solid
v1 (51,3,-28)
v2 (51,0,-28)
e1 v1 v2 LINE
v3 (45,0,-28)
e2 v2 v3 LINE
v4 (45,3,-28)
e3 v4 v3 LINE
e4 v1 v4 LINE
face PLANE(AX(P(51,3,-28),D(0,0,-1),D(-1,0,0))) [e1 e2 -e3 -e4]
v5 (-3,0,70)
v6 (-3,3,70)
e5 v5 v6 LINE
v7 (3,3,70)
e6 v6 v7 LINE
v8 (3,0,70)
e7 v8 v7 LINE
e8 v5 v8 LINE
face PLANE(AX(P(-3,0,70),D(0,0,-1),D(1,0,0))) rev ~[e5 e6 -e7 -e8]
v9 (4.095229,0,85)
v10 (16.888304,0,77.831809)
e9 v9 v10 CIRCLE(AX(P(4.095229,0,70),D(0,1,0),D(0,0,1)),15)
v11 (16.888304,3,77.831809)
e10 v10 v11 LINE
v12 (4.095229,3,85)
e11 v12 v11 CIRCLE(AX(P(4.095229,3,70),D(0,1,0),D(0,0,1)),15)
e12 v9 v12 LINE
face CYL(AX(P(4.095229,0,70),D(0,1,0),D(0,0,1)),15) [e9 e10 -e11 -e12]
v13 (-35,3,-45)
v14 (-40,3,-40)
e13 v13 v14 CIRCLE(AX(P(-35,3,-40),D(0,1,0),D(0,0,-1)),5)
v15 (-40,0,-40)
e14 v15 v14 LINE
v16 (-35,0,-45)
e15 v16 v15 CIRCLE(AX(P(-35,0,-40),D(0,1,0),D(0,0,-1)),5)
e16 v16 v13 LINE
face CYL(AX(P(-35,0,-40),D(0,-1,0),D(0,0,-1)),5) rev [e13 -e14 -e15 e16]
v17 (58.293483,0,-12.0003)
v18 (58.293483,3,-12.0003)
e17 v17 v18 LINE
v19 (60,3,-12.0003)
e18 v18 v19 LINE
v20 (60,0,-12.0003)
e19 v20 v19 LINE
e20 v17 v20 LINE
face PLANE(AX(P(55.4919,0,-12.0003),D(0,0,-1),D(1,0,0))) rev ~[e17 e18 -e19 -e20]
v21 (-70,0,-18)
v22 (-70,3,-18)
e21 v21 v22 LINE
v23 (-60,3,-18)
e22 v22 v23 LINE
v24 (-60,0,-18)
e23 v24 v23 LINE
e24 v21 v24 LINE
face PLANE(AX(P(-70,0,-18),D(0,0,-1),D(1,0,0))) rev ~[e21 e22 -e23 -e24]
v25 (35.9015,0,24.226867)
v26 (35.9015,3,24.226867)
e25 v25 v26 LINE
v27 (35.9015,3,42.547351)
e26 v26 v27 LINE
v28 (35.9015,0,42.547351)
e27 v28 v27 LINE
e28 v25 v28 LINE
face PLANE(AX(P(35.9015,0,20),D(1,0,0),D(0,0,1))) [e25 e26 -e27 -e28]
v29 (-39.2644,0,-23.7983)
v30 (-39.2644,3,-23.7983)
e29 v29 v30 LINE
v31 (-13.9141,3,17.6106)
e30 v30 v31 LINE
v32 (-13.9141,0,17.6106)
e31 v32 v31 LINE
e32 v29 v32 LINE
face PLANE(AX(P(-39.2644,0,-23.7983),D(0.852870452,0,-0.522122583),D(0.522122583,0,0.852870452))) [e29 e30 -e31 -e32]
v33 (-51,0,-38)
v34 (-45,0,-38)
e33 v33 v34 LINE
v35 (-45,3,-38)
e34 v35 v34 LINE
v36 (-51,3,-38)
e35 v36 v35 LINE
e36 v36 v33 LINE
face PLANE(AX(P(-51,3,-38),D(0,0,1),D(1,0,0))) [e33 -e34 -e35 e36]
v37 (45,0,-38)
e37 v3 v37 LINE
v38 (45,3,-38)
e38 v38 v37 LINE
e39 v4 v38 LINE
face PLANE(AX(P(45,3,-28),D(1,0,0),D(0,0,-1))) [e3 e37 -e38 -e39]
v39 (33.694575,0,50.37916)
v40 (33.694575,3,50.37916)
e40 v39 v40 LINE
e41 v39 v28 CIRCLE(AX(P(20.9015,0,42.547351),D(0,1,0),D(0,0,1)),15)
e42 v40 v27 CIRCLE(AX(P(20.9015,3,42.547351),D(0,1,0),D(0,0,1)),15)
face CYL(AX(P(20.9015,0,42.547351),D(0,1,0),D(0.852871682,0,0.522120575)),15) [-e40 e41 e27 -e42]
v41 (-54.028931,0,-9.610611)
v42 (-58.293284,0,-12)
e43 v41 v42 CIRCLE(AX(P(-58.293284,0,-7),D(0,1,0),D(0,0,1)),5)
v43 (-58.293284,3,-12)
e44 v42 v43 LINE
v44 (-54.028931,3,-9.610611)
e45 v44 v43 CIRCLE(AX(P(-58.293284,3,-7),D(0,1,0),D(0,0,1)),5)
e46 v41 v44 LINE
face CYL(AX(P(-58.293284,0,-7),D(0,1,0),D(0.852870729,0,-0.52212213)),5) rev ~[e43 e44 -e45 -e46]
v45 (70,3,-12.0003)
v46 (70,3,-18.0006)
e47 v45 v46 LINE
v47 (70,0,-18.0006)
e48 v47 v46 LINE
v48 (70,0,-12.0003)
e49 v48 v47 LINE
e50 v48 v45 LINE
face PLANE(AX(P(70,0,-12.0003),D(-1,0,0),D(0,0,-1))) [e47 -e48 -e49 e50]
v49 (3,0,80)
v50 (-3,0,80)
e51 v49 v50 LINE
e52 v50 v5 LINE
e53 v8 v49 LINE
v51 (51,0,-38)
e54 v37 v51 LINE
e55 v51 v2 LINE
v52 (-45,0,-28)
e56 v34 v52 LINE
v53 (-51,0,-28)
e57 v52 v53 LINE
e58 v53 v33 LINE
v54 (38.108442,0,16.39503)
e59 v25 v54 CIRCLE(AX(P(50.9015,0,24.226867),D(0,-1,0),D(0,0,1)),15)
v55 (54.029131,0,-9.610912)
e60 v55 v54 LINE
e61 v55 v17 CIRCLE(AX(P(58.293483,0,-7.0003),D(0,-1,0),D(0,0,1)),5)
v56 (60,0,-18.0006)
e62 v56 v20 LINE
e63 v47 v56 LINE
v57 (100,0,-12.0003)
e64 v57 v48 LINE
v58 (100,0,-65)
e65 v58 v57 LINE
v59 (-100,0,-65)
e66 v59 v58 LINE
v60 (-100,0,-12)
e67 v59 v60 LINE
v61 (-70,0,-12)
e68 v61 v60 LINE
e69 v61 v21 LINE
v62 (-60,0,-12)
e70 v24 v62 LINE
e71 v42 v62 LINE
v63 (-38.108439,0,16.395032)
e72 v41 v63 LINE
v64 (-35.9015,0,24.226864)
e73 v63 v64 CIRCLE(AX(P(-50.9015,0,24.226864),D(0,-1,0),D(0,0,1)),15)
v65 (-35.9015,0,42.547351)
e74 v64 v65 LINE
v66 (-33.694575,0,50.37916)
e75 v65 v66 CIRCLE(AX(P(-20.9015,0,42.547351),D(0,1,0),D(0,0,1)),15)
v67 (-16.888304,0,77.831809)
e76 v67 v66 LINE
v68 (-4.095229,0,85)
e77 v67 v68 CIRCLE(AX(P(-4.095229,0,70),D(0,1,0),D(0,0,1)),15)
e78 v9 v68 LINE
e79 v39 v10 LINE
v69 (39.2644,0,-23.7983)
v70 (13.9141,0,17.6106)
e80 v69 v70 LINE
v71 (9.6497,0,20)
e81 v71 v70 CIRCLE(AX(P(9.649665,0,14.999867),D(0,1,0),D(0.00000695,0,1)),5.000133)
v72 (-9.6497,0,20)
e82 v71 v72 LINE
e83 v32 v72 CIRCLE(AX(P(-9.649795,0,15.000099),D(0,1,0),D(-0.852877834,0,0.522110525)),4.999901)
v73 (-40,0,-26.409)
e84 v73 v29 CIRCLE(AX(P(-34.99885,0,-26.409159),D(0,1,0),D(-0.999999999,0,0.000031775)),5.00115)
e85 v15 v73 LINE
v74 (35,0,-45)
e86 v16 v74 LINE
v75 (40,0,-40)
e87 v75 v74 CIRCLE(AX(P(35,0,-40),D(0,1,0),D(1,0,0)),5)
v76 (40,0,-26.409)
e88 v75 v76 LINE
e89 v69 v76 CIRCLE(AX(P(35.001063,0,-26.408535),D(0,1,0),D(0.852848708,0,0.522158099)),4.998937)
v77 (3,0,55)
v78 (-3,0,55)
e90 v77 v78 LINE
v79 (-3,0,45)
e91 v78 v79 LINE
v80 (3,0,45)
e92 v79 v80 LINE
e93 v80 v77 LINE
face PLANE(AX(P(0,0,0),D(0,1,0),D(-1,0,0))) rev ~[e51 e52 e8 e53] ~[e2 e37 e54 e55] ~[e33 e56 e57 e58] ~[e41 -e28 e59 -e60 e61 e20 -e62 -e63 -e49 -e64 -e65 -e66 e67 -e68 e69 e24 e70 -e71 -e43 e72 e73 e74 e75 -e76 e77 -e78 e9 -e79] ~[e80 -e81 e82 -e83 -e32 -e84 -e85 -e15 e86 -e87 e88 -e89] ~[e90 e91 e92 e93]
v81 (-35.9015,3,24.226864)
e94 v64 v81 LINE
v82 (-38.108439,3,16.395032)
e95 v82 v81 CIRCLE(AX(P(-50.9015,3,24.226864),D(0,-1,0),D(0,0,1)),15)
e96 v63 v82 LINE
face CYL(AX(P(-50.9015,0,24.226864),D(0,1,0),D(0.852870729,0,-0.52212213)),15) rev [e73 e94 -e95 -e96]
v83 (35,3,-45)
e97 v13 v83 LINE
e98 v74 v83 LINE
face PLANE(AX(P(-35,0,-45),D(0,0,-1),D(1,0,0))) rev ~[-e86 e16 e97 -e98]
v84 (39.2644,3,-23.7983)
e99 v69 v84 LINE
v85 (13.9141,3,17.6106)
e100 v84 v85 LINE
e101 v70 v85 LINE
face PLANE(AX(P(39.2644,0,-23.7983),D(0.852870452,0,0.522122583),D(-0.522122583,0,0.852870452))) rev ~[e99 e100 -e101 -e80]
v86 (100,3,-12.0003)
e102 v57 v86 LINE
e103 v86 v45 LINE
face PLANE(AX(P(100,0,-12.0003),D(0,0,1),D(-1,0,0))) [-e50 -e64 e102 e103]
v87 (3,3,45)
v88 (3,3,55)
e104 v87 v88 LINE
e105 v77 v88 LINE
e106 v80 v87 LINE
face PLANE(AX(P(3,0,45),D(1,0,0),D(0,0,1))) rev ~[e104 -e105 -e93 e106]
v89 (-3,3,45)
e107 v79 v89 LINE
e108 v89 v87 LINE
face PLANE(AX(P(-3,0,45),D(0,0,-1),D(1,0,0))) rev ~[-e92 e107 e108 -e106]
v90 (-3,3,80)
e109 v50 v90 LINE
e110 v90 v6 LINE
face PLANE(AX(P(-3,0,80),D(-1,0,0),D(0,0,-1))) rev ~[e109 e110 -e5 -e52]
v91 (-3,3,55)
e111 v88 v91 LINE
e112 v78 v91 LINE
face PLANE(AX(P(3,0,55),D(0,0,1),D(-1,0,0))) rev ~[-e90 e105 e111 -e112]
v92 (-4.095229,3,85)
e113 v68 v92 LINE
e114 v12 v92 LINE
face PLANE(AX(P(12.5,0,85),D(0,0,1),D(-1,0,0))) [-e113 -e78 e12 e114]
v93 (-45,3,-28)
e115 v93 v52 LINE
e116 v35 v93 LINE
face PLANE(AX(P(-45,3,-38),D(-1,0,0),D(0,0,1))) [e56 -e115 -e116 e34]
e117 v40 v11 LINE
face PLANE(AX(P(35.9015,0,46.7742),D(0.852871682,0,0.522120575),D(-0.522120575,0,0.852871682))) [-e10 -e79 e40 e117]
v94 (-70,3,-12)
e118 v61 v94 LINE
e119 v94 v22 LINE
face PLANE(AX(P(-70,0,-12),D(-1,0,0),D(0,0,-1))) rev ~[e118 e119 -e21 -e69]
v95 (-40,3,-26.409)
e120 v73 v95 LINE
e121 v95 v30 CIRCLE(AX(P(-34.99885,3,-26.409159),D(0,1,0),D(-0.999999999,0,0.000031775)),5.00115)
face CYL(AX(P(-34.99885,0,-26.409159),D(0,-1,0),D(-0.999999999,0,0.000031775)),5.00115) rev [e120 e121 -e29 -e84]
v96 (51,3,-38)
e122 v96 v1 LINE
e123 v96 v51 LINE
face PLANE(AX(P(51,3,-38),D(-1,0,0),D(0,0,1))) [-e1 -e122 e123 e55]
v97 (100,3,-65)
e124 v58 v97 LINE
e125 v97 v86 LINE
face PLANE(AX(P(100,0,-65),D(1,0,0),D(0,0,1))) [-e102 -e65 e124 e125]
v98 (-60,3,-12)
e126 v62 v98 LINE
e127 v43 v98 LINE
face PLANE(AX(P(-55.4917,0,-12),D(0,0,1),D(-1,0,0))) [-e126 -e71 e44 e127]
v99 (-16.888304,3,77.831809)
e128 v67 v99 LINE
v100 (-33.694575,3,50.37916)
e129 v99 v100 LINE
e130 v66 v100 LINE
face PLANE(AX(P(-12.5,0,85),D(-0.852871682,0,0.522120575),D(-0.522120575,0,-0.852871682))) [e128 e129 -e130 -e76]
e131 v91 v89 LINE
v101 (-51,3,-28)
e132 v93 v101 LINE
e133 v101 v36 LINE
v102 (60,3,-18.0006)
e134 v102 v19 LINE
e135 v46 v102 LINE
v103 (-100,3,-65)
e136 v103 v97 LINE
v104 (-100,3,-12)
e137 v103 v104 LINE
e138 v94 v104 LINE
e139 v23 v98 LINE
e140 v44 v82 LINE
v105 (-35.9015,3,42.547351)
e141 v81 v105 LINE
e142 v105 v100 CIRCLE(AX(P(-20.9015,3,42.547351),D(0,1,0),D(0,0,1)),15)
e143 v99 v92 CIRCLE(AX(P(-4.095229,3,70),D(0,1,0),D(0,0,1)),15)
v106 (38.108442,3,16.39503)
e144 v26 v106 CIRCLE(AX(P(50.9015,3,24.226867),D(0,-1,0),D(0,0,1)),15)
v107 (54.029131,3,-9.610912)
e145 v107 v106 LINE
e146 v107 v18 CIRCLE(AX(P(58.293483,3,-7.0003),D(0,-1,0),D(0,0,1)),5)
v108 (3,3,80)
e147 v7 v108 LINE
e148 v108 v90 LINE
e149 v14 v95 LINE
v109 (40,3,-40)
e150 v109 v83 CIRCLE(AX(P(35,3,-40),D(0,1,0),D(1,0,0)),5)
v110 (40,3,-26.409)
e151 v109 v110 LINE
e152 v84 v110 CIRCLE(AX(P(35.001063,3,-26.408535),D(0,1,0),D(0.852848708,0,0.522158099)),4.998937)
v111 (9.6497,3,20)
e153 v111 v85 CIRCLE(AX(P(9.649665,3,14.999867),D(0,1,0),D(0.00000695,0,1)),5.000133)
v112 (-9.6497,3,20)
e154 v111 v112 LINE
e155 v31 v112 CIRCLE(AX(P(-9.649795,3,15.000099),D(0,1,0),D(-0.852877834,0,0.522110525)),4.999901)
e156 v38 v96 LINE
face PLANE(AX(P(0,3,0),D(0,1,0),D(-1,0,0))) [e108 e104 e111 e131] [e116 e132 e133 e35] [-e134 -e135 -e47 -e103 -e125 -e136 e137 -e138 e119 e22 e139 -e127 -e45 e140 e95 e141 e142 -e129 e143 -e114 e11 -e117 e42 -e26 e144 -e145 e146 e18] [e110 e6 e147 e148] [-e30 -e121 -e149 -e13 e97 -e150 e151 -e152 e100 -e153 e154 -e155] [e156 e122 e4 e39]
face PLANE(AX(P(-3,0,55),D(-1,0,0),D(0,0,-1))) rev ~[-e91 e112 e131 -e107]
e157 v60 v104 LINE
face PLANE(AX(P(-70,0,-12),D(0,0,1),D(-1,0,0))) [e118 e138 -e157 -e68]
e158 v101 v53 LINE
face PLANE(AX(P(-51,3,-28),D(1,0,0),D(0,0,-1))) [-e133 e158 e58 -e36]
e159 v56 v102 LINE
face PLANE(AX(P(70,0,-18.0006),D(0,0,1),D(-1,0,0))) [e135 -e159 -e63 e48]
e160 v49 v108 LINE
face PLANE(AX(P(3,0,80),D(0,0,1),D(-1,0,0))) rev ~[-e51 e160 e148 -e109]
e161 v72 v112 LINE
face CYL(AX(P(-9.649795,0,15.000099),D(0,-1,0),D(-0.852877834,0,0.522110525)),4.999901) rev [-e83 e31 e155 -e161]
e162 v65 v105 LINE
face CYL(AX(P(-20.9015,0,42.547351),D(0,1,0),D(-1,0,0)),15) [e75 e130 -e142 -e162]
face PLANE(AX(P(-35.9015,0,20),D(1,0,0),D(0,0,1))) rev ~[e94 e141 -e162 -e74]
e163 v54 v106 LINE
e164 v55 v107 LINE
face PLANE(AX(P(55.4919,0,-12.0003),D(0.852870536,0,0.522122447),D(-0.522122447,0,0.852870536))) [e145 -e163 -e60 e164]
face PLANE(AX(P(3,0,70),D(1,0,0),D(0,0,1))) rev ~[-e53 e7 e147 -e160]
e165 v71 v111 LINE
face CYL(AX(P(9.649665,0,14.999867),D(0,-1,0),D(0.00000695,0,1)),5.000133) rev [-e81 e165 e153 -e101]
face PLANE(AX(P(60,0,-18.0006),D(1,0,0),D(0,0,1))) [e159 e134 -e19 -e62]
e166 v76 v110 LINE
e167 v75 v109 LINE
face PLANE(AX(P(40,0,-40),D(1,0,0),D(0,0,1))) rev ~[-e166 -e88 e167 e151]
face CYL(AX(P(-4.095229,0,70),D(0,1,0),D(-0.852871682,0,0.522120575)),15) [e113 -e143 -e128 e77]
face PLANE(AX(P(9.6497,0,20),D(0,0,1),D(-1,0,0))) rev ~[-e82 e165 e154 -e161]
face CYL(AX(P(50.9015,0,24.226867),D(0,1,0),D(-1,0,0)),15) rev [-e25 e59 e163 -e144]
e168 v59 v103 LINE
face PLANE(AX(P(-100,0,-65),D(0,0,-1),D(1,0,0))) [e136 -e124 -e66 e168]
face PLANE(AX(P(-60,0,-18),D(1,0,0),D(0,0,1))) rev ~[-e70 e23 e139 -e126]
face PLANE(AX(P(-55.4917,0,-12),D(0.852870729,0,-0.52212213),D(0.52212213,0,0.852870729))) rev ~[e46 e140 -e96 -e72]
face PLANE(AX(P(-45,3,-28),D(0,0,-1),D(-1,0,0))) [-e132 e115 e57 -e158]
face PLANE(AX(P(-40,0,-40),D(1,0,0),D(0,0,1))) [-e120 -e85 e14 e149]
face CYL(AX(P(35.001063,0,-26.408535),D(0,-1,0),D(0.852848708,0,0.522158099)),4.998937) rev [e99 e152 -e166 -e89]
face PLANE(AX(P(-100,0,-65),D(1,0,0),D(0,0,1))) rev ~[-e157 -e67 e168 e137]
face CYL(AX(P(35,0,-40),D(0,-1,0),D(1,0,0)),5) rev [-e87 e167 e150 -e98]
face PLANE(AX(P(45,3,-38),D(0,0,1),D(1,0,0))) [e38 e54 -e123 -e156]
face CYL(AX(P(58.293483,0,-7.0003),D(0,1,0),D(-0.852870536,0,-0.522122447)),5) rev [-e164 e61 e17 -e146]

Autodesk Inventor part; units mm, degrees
ref_plane "YZ Plane" through (0, 0, 0) normal (1, 0, 0) x (0, 1, 0)
ref_plane "XZ Plane" through (0, 0, 0) normal (0, 1, 0) x (-1, 0, 0)
ref_plane "XY Plane" through (0, 0, 0) normal (0, 0, 1) x (1, 0, 0)
sketch "Sketch2" plane through (0, 0, 0) normal (0, 1, 0) x (-1, 0, 0)
  line L0 (70, -18) -> (60, -18)
  line L1 (60, -18) -> (60, -12)
  line L2 (70, -12) -> (70, -18)
  line L3 (-70, -18.0006) -> (-60, -18.0006)
  line L4 (-60, -18.0006) -> (-60, -12.0003)
  line L5 (-70, -12.0003) -> (-70, -18.0006)
  line L6 (3, 70) -> (-3, 70)
  line L7 (-3, 70) -> (-3, 80)
  line L8 (-3, 80) -> (3, 80)
  line L9 (3, 80) -> (3, 70)
  line L10 (3, 45) -> (-3, 45)
  line L11 (-3, 45) -> (-3, 55)
  line L12 (-3, 55) -> (3, 55)
  line L13 (3, 55) -> (3, 45)
  line L14 (100, -65) -> (-100, -65)
  line L15 (-12.5, 85) -> (12.5, 85)
  line L16 (12.5, 85) -> (35.9015, 46.7742)
  line L17 (-100, -12.0003) -> (-70, -12.0003)
  line L18 (-55.4919, -12.0003) -> (-60, -12.0003)
  line L19 (55.4917, -12) -> (60, -12)
  line L20 (70, -12) -> (100, -12)
  line L21 (-100, -65) -> (-100, -12.0003)
  line L22 (100, -65) -> (100, -12)
  line L23 (35, -45) -> (-35, -45)
  line L24 (-40, -40) -> (-40, -26.409)
  line L25 (-39.2644, -23.7983) -> (-13.9141, 17.6106)
  line L26 (-9.6497, 20) -> (9.6497, 20)
  line L27 (40, -40) -> (40, -26.409)
  line L28 (39.2644, -23.7983) -> (13.9141, 17.6106)
  arc A0 (-40, -40) -> (-35, -45) centre (-35, -40) ccw
  arc A1 (-39.2644, -23.7983) -> (-40, -26.409) centre (-35, -26.409) ccw
  arc A2 (-9.6497, 20) -> (-13.9141, 17.6106) centre (-9.6497, 15) ccw
  arc A3 (13.9141, 17.6106) -> (9.6497, 20) centre (9.6497, 15) ccw
  arc A4 (40, -26.409) -> (39.2644, -23.7983) centre (35, -26.409) ccw
  arc A5 (35, -45) -> (40, -40) centre (35, -40) ccw
  line L29 (55.4917, -12) -> (35.9015, 20)
  line L30 (35.9015, 20) -> (35.9015, 46.7742)
  line L31 (-55.4919, -12.0003) -> (-35.9015, 20)
  line L32 (-35.9015, 20) -> (-35.9015, 46.7742)
  line L33 (-35.9015, 46.7742) -> (-12.5, 85)
  line L34 (0, -65) -> (0, 85) construction
  point P0 (0, 0)
  point P1 (0, 80)
  point P2 (0, 45)
  point P3 (0, 55)
  point P4 (0, 0)
  point P5 (0, 0)
  point P6 (-70, -15.4178)
  point P7 (75.3708, -12)
  point P8 (0, 0)
  point P9 (-40, -45)
  point P10 (40, -45)
  point P11 (-40, -25)
  point P12 (-12.4513, 20)
  point P13 (12.4513, 20)
  point P14 (40, -25)
  point P15 (0, 20)
  point P16 (0, -45)
  point P17 (0, 85)
  dimension "d65" = 200
  dimension "d115" = 10
  dimension "d116" = 6
  dimension "d118" = 10
  dimension "d119" = 6
  dimension "d120" = 15
  dimension "d147" = 65
  dimension "d173" = 25
  dimension "d187" = 100
  dimension "d191" = 30
  dimension "d192" = 30
  dimension "d194" = 6.0003
  dimension "d195" = 6
  dimension "d196" = 10
  dimension "d197" = 10
  dimension "d198" = 52.9997
  dimension "d199" = 53
  dimension "d204" = 150
  dimension "d213" = 20
  dimension "d214" = 20
  dimension "d218" = 65
  dimension "d219" = 40
  dimension "d220" = 5
  dimension "d233" = 148.525
  dimension "d235" = 5
  dimension "d236" = 20
extrude "Extrusion11" add sketch "Sketch2" along normal blind 3
sketch "Sketch4" plane through (0, 3, 0) normal (0, 1, 0) x (1, 0, 0)
  line L0 (-51, 38) -> (-45, 38)
  line L1 (-45, 38) -> (-45, 28)
  line L2 (-45, 28) -> (-51, 28)
  line L3 (-51, 28) -> (-51, 38)
  line L4 (100, 65) -> (-100, 65) projected
  line L5 (-40, 40) -> (-40, 26.409) projected
  line L6 (45, 38) -> (51, 38)
  line L7 (51, 38) -> (51, 28)
  line L8 (51, 28) -> (45, 28)
  line L9 (45, 28) -> (45, 38)
  line L10 (40, 40) -> (40, 26.409) projected
  point P0 (0, 0)
  dimension "d237" = 6
  dimension "d238" = 27
  dimension "d239" = 10
  dimension "d240" = 5
  dimension "d241" = 6
  dimension "d242" = 10
  dimension "d243" = 5
  dimension "d244" = 27
extrude "Extrusion13" cut sketch "Sketch4" against normal through all
fillet "Fillet1" radius 15 6 edges at (12.5, 1.5, 85) (-12.5, 1.5, 85) (-35.9015, 1.5, 46.7742) (35.9015, 1.5, 46.7742) (35.9015, 1.5, 20) (-35.9015, 1.5, 20)
fillet "Fillet2" radius 5 2 edges at (55.4919, 1.5, -12.0003) (-55.4917, 1.5, -12)
properties part number "Top Plate 27100914"
